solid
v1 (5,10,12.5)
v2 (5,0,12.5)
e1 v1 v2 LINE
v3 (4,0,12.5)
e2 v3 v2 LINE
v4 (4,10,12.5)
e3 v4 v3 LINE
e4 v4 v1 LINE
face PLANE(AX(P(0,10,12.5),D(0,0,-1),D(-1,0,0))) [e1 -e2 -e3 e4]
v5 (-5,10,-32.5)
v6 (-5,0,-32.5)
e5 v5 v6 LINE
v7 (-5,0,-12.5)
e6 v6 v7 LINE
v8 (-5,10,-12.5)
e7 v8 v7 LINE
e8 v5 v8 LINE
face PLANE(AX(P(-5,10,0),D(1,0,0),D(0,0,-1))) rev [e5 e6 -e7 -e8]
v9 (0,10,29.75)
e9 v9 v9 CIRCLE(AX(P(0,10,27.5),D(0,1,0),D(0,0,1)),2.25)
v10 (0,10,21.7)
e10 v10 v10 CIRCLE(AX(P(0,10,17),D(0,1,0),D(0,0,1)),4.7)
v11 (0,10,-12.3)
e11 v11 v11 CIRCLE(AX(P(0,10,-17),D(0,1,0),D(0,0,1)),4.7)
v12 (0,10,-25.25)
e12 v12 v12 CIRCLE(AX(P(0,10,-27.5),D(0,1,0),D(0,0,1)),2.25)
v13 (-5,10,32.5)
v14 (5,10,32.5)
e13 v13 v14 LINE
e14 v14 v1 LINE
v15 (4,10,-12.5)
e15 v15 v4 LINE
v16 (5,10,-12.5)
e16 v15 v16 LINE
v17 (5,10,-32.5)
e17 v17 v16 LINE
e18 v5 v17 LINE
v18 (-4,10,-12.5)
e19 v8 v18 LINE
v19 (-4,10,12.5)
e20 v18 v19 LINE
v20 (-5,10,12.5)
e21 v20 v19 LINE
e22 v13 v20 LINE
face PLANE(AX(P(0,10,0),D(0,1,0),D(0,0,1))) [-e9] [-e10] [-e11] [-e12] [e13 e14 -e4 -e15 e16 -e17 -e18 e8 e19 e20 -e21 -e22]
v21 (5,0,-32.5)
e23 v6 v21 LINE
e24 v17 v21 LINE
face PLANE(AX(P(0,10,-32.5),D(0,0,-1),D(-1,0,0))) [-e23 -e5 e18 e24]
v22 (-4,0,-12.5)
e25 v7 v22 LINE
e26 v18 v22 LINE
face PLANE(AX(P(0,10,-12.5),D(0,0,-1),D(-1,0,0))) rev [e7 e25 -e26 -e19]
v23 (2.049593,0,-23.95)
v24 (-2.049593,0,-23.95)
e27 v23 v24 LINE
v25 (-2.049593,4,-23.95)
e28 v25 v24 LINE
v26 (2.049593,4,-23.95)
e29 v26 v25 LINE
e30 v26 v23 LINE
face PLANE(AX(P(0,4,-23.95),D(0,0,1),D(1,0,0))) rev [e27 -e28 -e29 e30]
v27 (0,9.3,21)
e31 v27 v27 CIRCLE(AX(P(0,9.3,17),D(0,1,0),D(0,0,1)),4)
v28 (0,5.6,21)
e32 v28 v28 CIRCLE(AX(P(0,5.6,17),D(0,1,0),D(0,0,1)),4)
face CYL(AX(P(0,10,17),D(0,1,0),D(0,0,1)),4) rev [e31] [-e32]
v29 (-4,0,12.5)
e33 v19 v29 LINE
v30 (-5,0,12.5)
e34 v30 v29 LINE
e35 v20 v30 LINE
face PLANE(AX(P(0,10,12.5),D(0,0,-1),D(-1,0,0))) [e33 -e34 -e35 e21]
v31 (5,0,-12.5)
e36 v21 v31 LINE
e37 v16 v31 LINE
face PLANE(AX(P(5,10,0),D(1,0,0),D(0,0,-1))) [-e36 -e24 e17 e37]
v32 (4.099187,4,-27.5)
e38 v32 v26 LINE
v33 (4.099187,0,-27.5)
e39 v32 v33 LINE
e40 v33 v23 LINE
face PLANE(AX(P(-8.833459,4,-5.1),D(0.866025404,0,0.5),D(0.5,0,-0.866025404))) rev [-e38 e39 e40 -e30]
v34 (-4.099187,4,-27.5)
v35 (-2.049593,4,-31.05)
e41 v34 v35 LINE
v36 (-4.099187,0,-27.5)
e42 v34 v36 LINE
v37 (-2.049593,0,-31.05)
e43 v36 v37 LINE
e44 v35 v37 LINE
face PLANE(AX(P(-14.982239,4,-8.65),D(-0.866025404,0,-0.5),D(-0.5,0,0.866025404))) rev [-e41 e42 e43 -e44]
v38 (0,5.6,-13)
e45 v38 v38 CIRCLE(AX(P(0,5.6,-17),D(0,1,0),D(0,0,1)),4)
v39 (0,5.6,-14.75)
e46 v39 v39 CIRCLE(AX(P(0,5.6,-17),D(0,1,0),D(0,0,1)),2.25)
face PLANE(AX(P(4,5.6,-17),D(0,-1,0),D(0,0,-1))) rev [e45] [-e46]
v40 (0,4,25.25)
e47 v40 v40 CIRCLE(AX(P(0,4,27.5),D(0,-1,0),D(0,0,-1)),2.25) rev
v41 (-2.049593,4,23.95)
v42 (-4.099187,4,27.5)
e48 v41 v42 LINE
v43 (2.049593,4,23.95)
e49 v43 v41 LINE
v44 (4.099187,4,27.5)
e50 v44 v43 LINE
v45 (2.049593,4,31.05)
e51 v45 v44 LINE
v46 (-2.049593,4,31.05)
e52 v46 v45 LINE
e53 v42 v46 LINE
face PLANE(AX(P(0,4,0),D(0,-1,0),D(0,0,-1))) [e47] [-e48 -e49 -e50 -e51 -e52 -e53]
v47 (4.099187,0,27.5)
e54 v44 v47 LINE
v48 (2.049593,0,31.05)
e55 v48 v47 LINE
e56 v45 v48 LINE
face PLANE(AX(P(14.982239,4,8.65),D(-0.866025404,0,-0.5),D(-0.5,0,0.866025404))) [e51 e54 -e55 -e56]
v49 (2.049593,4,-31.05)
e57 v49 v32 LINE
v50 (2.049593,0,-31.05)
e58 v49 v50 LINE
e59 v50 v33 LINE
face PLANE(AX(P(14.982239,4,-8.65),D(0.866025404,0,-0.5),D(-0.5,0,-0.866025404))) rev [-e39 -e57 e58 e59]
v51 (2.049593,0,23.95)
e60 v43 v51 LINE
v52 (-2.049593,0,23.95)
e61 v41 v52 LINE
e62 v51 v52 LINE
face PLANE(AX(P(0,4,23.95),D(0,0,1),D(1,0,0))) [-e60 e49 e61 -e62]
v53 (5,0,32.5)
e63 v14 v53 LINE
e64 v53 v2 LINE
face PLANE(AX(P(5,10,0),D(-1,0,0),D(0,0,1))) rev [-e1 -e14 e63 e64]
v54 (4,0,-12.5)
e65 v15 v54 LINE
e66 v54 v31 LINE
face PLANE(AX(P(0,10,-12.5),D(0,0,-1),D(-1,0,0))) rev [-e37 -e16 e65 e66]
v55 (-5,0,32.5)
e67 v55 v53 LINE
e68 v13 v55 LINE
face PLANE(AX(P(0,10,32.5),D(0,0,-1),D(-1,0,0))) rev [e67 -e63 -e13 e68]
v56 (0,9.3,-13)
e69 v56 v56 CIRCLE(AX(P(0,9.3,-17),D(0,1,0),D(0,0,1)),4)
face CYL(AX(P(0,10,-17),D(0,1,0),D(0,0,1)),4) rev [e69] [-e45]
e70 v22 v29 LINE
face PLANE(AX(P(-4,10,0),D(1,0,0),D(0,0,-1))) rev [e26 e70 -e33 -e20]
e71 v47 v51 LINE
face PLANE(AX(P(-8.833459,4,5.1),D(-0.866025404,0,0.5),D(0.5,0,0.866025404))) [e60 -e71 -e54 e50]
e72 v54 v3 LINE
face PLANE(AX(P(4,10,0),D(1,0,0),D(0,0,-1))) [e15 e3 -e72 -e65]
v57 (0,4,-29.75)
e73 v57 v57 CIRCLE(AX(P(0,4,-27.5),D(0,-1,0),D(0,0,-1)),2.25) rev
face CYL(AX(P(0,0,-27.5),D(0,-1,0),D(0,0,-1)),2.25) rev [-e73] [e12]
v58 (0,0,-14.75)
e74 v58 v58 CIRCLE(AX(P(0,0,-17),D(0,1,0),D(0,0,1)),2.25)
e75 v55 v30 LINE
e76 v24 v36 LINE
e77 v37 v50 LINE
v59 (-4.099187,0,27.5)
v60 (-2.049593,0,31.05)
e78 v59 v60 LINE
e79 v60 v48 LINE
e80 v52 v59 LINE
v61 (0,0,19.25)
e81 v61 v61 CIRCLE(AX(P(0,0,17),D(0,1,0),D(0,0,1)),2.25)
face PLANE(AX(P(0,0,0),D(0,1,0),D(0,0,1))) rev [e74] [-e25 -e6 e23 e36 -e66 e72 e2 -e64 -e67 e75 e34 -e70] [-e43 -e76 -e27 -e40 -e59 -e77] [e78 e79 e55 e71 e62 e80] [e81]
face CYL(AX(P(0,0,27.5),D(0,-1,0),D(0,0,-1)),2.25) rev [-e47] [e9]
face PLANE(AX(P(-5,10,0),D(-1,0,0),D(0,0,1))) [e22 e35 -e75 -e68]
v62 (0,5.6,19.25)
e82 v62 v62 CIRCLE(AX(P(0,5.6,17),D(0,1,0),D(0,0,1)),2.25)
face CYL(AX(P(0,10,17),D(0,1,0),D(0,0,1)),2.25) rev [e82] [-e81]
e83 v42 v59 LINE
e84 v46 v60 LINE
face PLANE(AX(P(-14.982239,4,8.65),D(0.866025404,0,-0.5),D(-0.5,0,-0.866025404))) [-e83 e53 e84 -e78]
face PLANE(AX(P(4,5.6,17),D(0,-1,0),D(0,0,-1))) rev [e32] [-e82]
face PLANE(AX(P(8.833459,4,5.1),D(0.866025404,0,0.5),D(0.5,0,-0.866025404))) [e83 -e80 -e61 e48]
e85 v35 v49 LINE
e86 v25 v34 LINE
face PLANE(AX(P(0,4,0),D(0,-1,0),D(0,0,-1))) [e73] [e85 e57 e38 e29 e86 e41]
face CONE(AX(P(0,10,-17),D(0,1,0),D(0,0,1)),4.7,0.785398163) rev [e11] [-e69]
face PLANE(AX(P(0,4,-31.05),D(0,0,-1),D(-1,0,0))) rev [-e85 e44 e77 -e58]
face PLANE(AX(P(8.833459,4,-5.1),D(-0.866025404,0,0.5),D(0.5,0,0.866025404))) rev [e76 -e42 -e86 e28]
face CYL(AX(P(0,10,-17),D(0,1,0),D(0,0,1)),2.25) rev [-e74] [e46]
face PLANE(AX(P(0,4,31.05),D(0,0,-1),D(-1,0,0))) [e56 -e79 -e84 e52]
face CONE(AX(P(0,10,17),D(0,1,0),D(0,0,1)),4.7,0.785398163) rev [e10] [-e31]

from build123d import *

# Parameters (mm, degrees)
SKETCH_1_W                  = 10
SKETCH_1_H                  = 20
SKETCH_1_W_2                = 8
SKETCH_1_H_2                = 25
EXTRUDE_1_DEPTH             = 10
HOLE_WIZARD_M4_1_AT_2_COUNT = 2
HOLE_WIZARD_M4_1_AT_2_PITCH = 34
HOLE_WIZARD_M4_1_2_D        = 4.5
HOLE_WIZARD_M4_1_2_DEPTH    = 10
SKETCH_7_R                  = 2.25
CUT_EXTRUDE_1_DEPTH         = 4


with BuildPart() as part:
    # 스케치1 → 보스-돌출1 (new body)
    with BuildSketch(Plane(origin=(0, 0, 0), x_dir=(1, 0, 0), z_dir=(0, 1, 0))):
        with Locations((0, 22.5)):
            Rectangle(SKETCH_1_W, SKETCH_1_H)
        Rectangle(SKETCH_1_W_2, SKETCH_1_H_2)
        with Locations((0, -22.5)):
            Rectangle(SKETCH_1_W, SKETCH_1_H)
    extrude(amount=EXTRUDE_1_DEPTH)

    # 스케치3 → Hole Wizard M4 _ _ _ _ _ _1 (revolve, cut)
    with BuildSketch(Plane(origin=(0, 10, -17), x_dir=(0, 0, 1), z_dir=(1, 0, 0))):
        Polygon((0, 0), (0, 10), (2.25, 10), (2.25, 4.4), (4, 4.4), (4, 0.7), (4.7, 0), align=None)
    hole_wizard_m4_1 = revolve(axis=Axis((0, 16.35, -17), (0, -1, 0)), mode=Mode.SUBTRACT)

    # Hole Wizard M4 _ _ _ _ _ _1 at 2: Hole Wizard M4 _ _ _ _ _ _1 ×2
    with Locations(*[(0, 0, i * HOLE_WIZARD_M4_1_AT_2_PITCH) for i in range(1, HOLE_WIZARD_M4_1_AT_2_COUNT)]):
        add(hole_wizard_m4_1, mode=Mode.SUBTRACT)

    # Hole Wizard M4 _ _1 2
    with Locations(Plane(origin=(0, 0, 0), x_dir=(-1, 0, 0), z_dir=(0, -1, 0))):
        with Locations((0, -27.5), (0, 27.5), (54.10839937, -109.42081154)):
            Hole(HOLE_WIZARD_M4_1_2_D / 2, depth=HOLE_WIZARD_M4_1_2_DEPTH)

    # 스케치7 → 컷-돌출1 (cut)
    with BuildSketch(Plane.XZ):
        Polygon((2.049593456, -31.05), (4.099186911, -27.5), (2.049593456, -23.95), (-2.049593456, -23.95), (-4.099186911, -27.5), (-2.049593456, -31.05), align=None)
        with Locations((0, -27.5)):
            Circle(SKETCH_7_R, mode=Mode.SUBTRACT)
        Polygon((2.049593456, 23.95), (-2.049593456, 23.95), (-4.099186911, 27.5), (-2.049593456, 31.05), (2.049593456, 31.05), (4.099186911, 27.5), align=None)
        with Locations((0, 27.5)):
            Circle(SKETCH_7_R, mode=Mode.SUBTRACT)
    extrude(amount=-CUT_EXTRUDE_1_DEPTH, mode=Mode.SUBTRACT)


solid = part.part
